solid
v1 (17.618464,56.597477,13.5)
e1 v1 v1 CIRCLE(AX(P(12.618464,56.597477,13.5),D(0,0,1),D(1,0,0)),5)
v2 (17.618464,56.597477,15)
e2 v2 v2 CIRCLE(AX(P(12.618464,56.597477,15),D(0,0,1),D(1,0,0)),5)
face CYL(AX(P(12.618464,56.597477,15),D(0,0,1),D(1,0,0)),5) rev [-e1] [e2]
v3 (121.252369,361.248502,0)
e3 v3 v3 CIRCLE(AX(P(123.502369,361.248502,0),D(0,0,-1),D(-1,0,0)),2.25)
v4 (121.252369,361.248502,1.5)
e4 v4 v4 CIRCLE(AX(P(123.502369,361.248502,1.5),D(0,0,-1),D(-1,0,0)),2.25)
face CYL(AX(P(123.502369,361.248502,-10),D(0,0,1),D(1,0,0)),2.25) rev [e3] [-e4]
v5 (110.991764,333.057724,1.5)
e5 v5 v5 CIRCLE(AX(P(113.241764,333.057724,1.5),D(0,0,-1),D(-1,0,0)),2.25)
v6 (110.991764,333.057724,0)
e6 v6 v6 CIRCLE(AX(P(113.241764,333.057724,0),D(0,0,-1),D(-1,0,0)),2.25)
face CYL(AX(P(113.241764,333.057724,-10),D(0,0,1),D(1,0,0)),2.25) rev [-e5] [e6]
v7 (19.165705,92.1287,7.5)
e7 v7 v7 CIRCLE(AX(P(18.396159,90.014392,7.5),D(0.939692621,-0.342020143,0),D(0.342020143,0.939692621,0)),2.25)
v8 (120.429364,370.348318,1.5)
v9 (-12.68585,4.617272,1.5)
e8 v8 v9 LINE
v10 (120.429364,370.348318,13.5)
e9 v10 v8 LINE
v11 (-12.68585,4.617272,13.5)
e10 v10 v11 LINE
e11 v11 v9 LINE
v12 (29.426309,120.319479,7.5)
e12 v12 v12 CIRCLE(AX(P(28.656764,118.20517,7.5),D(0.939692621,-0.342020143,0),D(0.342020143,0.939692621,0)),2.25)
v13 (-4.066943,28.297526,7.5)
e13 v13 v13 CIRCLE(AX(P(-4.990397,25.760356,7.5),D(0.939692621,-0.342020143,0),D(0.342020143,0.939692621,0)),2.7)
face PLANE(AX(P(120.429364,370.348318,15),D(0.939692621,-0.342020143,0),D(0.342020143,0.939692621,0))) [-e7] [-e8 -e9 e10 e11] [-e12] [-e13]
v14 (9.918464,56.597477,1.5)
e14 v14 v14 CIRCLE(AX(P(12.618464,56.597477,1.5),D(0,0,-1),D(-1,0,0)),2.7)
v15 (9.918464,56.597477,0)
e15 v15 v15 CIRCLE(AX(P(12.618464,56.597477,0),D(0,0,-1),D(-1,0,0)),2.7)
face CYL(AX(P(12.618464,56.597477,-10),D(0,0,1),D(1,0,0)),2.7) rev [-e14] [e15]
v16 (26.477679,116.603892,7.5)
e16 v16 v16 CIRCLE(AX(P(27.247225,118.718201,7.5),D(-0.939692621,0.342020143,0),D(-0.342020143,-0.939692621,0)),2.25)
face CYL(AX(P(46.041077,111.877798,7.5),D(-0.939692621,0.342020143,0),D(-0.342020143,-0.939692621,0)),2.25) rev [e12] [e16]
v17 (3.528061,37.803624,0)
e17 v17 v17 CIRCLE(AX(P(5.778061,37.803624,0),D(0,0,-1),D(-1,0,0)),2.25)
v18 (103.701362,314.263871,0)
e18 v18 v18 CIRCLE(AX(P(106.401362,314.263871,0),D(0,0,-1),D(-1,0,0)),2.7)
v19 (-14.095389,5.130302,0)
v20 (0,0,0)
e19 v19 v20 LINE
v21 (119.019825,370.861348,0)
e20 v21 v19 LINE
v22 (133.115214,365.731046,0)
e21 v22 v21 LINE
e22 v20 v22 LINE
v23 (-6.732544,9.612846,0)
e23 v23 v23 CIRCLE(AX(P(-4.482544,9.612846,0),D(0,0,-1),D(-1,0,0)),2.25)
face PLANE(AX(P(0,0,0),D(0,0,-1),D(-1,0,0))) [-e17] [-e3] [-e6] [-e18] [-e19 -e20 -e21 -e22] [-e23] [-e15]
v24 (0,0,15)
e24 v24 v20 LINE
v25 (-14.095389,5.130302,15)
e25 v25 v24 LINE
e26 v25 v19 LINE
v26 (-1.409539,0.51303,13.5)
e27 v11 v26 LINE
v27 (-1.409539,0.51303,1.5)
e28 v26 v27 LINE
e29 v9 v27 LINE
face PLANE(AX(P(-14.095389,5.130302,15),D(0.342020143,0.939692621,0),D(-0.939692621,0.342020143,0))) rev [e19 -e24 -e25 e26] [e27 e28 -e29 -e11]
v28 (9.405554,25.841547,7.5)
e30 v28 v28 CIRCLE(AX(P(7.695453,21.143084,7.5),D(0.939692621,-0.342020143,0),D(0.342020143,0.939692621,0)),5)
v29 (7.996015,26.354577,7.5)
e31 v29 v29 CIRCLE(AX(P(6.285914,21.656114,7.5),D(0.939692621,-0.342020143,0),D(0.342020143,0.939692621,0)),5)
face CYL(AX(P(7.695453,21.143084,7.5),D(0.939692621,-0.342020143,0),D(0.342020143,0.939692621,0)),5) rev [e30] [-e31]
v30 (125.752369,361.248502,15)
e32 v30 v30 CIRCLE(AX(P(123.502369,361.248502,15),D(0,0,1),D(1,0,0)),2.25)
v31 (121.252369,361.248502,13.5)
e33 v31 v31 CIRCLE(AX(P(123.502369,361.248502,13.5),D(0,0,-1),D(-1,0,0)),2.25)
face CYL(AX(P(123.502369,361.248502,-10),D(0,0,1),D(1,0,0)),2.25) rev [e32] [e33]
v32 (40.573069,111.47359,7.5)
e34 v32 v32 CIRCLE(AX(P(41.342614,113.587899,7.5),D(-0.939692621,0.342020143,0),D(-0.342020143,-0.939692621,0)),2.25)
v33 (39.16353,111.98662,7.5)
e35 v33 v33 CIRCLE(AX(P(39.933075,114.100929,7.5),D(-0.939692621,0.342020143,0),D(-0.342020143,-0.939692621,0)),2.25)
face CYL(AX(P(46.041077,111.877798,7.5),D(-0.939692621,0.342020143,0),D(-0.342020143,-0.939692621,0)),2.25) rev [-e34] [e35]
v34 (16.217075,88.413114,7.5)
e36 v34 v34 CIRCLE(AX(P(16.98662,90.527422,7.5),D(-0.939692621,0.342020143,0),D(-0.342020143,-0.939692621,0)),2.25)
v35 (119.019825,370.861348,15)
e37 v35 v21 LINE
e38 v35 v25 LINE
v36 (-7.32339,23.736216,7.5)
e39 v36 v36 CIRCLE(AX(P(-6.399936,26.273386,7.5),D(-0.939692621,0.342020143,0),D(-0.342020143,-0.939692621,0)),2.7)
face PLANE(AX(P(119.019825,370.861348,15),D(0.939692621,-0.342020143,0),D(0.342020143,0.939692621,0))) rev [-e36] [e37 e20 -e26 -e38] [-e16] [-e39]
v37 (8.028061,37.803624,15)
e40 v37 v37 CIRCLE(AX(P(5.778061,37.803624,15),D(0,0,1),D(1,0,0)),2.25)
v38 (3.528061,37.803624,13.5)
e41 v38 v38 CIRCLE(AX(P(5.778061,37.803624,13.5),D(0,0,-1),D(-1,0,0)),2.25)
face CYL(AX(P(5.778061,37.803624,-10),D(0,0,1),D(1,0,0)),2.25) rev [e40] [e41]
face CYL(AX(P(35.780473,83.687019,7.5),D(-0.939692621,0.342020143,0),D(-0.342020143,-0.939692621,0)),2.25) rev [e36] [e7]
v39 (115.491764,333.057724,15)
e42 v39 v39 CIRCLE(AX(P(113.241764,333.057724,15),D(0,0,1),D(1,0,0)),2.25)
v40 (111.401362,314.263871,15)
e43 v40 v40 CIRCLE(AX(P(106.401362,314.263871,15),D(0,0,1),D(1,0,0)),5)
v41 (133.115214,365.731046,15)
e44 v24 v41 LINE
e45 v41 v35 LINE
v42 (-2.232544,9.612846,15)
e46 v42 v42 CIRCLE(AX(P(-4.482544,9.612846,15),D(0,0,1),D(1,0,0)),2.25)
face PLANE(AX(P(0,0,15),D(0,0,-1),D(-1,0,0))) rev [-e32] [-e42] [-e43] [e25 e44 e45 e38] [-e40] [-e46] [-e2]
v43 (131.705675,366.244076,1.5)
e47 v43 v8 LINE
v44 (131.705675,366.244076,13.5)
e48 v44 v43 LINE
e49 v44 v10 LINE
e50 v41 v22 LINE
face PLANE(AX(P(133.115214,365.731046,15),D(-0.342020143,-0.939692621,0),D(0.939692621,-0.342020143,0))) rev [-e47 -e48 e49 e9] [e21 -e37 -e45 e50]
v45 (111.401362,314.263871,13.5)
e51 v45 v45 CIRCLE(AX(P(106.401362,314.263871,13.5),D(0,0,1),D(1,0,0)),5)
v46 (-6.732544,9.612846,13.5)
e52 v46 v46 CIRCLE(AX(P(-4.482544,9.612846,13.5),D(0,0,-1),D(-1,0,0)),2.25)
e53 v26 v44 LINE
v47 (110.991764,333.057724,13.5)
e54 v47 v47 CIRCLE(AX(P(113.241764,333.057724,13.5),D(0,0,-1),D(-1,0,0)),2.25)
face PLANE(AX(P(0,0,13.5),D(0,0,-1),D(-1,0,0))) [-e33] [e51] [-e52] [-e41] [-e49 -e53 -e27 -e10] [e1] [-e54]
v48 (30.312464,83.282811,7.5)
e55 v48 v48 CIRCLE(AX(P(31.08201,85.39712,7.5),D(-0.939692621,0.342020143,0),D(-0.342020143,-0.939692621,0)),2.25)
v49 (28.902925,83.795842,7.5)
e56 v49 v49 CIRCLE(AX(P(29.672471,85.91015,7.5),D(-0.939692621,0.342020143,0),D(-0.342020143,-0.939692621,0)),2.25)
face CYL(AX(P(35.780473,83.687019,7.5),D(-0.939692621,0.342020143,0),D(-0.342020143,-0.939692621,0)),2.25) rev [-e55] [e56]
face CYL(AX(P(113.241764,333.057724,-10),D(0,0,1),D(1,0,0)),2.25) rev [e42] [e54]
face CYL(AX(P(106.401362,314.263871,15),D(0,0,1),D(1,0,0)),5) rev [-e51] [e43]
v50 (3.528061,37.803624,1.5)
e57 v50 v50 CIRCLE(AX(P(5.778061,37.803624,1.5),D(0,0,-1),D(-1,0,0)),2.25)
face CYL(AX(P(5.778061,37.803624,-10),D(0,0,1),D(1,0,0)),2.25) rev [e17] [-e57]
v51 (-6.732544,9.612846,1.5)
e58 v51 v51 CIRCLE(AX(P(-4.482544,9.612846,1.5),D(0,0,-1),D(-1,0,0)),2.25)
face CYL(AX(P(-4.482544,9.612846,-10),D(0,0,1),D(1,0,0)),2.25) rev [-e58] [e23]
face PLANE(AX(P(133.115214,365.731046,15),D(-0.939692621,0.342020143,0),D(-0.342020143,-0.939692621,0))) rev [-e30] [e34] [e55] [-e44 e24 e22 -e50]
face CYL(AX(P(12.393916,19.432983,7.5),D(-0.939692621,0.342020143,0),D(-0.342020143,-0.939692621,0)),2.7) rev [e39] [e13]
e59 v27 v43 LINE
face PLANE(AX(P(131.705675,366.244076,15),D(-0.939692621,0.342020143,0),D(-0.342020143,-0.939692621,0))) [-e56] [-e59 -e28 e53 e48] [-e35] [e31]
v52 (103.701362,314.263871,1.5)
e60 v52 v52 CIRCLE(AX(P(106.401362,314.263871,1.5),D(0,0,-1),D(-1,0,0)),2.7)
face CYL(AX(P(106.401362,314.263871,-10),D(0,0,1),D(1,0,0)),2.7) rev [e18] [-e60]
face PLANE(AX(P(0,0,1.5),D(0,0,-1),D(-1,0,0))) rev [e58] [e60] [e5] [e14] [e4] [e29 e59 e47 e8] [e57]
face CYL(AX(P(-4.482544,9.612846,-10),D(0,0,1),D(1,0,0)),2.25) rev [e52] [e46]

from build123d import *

# Parameters (mm, degrees)
EXTRUDE_1_DEPTH             = 15
SHELL_1_T                   = -1.5
SKETCH_3_R                  = 2.25
SKETCH_3_R_2                = 2.7
CUT_EXTRUDE_1_DEPTH         = 25
SKETCH_5_R                  = 2.25
SKETCH_5_R_2                = 2.7
CUT_EXTRUDE_3_DEPTH         = 20
HOLE_WIZARD_10_0_10_1_D     = 10
HOLE_WIZARD_10_0_10_1_DEPTH = 1.5
HOLE_WIZARD_10_0_10_2_D     = 10
HOLE_WIZARD_10_0_10_2_DEPTH = 1.5


with BuildPart() as part:
    # ｽｹｯﾁ1 → ﾎﾞｽ - 押し出し1 (new body)
    with BuildSketch(Plane.XY):
        Polygon((133.1152144, 365.731045751), (0, 0), (-14.095389312, 5.13030215), (119.019825089, 370.861347901), align=None)
    extrude(amount=EXTRUDE_1_DEPTH)

    # ｼｪﾙ1
    shell_1_openings = [part.faces().sort_by_distance(p)[0] for p in [
        (126.067519744, 368.296196826, 7.5),
        (-7.047694656, 2.565151075, 7.5),
    ]]
    offset(amount=SHELL_1_T, openings=shell_1_openings, kind=Kind.INTERSECTION)

    # ｽｹｯﾁ3 → ｶｯﾄ - 押し出し1 (cut)
    with BuildSketch(Plane.XY.offset(15)):
        with Locations((-4.482543581, 9.612845731)):
            Circle(SKETCH_3_R)
        with Locations((123.50236867, 361.24850217)):
            Circle(SKETCH_3_R)
        with Locations((113.24176437, 333.057723546)):
            Circle(SKETCH_3_R)
        with Locations((5.778060719, 37.803624354)):
            Circle(SKETCH_3_R)
        with Locations((12.618463585, 56.59747677)):
            Circle(SKETCH_3_R_2)
        with Locations((106.401361503, 314.263871131)):
            Circle(SKETCH_3_R_2)
    extrude(amount=-CUT_EXTRUDE_1_DEPTH, mode=Mode.SUBTRACT)

    # ｽｹｯﾁ5 → ｶｯﾄ - 押し出し3 (cut)
    with BuildSketch(Plane(origin=(-14.095389312, 5.13030215, 0), x_dir=(0, 0, 1), z_dir=(-0.939692621, 0.342020143, 0))):
        with Locations((7.5, 120.877716811)):
            Circle(SKETCH_5_R)
        with Locations((7.5, 90.877716811)):
            Circle(SKETCH_5_R)
        with Locations((7.5, 22.5)):
            Circle(SKETCH_5_R_2)
    extrude(amount=-CUT_EXTRUDE_3_DEPTH, mode=Mode.SUBTRACT)

    # Ø10.0 (10) 直径の穴1
    with Locations(Plane(origin=(0, 0, 0), x_dir=(0, 0, -1), z_dir=(0.939692621, -0.342020143, 0))):
        with Locations((-7.5, 22.5)):
            Hole(HOLE_WIZARD_10_0_10_1_D / 2, depth=HOLE_WIZARD_10_0_10_1_DEPTH)

    # Ø10.0 (10) 直径の穴2
    with Locations(Plane.XY.offset(15)):
        with Locations((106.401361503, 314.263871131), (12.618463585, 56.59747677)):
            Hole(HOLE_WIZARD_10_0_10_2_D / 2, depth=HOLE_WIZARD_10_0_10_2_DEPTH)


solid = part.part
